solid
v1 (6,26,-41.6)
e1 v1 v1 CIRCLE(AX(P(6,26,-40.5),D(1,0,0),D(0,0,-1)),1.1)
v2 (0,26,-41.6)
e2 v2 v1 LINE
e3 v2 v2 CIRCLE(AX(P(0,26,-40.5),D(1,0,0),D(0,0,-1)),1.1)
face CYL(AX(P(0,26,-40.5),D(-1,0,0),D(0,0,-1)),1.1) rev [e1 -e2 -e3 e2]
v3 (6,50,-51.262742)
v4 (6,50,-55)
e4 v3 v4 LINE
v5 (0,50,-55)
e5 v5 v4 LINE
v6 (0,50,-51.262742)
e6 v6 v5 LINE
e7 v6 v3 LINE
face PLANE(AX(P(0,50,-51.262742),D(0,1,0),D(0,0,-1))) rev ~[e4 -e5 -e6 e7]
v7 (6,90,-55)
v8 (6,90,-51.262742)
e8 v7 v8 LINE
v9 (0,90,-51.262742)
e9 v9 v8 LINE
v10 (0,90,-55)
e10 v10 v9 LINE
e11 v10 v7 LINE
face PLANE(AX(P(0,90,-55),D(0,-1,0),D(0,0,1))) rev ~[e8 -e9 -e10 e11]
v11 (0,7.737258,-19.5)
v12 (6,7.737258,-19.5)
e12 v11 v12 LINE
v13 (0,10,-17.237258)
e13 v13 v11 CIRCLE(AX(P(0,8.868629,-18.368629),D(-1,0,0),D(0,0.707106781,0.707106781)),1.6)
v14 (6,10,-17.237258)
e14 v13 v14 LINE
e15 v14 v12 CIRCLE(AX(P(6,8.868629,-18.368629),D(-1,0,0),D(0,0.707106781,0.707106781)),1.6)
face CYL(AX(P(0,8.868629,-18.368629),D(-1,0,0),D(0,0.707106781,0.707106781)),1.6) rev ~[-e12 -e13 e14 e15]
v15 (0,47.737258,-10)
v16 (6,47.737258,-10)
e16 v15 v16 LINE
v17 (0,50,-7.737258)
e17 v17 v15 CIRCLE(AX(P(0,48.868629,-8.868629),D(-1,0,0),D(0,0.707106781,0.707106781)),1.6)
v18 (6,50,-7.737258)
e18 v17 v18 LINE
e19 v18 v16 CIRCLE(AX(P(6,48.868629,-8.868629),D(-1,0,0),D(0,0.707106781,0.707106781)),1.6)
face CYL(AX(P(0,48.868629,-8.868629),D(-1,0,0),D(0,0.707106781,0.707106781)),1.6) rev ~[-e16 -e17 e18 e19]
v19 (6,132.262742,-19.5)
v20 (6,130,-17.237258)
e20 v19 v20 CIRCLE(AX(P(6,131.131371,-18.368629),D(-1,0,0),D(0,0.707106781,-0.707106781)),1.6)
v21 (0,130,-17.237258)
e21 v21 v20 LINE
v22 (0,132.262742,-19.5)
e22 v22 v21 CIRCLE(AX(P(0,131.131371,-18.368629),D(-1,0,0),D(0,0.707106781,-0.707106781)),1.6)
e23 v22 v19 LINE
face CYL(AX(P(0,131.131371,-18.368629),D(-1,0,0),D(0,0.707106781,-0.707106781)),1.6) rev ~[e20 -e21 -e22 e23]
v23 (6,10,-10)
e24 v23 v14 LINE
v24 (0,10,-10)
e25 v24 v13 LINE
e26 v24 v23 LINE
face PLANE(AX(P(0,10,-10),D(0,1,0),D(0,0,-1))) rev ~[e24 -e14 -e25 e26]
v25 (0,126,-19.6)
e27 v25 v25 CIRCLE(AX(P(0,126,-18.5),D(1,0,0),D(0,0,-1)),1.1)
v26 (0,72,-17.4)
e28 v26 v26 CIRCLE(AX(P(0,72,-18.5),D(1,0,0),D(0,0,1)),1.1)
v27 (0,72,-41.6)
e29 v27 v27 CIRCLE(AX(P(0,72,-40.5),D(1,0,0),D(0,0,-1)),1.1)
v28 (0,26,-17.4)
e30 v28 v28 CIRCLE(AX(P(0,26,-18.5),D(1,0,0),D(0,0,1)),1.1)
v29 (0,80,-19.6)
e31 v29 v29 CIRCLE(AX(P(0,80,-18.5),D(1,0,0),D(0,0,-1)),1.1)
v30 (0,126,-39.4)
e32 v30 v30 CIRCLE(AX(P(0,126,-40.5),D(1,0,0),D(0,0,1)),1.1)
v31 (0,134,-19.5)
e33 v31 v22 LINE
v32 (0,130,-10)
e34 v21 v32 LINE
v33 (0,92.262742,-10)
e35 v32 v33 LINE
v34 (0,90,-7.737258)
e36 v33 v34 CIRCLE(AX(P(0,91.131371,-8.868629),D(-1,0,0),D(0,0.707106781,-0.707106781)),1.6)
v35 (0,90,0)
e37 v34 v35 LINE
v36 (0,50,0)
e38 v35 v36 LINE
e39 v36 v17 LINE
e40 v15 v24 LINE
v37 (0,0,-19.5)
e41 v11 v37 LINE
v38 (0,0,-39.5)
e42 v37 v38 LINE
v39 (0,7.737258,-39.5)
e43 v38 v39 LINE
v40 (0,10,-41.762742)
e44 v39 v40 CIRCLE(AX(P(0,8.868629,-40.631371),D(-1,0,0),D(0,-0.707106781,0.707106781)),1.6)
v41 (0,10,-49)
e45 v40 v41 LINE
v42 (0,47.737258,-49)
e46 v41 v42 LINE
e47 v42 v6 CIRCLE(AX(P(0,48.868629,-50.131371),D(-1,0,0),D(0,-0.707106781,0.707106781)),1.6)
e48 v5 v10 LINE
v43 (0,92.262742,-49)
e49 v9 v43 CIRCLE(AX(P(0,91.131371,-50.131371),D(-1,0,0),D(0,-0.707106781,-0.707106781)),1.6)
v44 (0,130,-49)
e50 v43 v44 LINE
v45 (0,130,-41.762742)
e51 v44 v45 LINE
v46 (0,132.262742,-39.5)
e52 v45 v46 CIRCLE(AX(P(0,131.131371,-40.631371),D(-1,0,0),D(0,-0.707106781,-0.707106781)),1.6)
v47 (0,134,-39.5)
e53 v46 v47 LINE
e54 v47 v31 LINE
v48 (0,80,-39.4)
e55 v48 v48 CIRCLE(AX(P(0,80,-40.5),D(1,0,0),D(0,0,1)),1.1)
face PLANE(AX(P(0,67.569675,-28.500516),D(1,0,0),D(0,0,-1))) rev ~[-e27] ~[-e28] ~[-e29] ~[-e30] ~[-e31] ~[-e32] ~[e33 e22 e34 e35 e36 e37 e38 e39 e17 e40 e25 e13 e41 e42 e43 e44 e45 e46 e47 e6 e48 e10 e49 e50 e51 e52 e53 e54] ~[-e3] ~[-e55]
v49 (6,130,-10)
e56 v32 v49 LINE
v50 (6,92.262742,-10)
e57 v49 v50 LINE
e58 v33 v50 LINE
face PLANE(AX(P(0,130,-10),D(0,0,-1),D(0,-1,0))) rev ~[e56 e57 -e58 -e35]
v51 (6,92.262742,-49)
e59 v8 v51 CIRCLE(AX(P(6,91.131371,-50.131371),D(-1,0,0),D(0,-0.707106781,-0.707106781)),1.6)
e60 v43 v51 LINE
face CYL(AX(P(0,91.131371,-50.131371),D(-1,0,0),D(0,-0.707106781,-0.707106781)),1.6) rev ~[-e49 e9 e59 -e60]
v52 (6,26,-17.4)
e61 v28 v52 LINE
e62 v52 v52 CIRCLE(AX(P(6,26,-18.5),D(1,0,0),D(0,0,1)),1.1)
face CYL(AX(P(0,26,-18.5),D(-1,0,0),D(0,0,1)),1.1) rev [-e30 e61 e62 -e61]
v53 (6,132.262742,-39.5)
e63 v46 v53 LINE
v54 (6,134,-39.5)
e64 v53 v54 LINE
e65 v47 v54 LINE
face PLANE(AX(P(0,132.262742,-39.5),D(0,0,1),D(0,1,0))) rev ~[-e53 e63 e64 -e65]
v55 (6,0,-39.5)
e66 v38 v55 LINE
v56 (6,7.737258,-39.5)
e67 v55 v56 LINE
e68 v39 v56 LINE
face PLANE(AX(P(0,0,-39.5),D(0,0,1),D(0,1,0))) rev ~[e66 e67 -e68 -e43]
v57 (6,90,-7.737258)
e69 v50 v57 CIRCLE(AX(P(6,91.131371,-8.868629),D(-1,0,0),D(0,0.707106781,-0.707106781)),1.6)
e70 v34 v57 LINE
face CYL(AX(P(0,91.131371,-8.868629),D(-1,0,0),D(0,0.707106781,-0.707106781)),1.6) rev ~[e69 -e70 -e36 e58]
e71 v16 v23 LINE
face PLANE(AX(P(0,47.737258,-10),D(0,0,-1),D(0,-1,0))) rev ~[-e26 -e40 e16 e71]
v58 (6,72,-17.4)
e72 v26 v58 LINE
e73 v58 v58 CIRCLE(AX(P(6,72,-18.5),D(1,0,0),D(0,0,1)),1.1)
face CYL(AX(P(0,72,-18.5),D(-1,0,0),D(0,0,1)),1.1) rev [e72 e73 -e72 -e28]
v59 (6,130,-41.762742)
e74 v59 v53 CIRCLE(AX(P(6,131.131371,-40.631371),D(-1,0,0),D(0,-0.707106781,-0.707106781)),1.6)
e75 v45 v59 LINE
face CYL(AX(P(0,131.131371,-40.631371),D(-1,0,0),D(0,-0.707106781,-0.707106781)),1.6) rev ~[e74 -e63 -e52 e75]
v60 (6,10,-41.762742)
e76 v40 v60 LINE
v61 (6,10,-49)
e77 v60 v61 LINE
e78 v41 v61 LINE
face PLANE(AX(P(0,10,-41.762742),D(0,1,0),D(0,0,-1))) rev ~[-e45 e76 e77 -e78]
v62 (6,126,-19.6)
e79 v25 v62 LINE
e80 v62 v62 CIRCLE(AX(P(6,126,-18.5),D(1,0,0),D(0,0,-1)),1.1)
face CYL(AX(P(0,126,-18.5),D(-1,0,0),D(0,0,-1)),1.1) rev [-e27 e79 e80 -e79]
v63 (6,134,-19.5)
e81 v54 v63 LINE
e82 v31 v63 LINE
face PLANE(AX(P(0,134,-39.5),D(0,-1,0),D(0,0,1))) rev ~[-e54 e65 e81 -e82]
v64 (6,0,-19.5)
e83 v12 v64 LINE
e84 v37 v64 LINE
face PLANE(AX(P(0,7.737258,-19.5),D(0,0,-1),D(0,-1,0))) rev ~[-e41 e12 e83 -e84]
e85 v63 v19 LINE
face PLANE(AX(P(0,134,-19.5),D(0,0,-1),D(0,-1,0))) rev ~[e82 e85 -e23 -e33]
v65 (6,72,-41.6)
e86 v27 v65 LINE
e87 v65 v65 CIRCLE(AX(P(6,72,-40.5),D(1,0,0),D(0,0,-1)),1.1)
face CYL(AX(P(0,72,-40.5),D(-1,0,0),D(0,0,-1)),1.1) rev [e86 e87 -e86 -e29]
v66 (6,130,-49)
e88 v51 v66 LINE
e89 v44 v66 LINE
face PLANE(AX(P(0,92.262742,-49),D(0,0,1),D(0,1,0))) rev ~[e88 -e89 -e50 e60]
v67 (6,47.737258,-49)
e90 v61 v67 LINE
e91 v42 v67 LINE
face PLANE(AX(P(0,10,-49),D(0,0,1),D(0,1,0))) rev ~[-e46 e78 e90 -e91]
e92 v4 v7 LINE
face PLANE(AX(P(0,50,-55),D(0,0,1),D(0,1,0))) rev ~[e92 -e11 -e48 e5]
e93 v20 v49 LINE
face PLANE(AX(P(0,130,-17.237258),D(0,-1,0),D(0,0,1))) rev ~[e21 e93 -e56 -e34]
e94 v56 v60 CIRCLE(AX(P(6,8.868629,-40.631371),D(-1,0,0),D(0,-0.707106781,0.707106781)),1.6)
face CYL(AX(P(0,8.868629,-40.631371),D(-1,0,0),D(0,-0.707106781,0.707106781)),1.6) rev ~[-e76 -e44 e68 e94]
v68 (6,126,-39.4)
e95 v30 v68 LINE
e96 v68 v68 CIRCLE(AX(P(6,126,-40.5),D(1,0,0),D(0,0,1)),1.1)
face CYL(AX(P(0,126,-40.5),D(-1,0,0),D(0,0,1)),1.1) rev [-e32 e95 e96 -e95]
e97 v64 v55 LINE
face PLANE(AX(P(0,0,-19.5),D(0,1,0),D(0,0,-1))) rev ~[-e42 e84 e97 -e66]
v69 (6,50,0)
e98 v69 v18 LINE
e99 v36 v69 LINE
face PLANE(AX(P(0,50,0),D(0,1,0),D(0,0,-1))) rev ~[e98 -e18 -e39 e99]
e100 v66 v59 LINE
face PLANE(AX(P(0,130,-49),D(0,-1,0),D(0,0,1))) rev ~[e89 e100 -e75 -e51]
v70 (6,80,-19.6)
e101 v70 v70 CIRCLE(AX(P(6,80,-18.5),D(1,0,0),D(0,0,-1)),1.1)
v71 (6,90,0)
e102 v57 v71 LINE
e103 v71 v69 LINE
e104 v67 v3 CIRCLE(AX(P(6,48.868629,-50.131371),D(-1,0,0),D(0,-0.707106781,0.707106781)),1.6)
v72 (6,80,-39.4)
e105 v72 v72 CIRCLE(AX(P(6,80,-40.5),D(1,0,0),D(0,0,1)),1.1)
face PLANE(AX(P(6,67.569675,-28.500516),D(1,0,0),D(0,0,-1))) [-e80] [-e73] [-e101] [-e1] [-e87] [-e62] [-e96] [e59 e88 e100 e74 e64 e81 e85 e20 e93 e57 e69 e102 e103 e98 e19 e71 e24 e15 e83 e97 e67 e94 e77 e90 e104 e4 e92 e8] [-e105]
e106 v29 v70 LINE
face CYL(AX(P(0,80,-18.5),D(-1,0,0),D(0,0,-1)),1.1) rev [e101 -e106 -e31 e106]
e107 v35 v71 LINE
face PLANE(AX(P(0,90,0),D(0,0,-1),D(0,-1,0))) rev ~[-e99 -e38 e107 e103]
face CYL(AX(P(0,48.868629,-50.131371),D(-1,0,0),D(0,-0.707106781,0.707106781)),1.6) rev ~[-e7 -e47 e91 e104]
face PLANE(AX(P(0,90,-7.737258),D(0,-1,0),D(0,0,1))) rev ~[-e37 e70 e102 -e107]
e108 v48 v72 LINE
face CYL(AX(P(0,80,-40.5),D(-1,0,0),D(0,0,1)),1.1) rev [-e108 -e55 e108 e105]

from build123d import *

# Parameters (mm, degrees)
ESQUISSE1_R      = 1.1
EXTRUSION1_DEPTH = 6


with BuildPart() as part:
    # Esquisse1 → Extrusion1 (new body)
    with BuildSketch(Plane(origin=(0, 0, 0), x_dir=(0, 0, -1), z_dir=(1, 0, 0))):
        with BuildLine():
            Line((19.5, 7.7372583), (19.5, 0))
            Line((19.5, 0), (39.5, 0))
            Line((39.5, 0), (39.5, 7.7372583))
            ThreePointArc((39.5, 7.7372583), (39.5, 10), (41.7627417, 10))
            Line((41.7627417, 10), (49, 10))
            Line((49, 10), (49, 47.7372583))
            ThreePointArc((49, 47.7372583), (49, 50), (51.2627417, 50))
            Line((51.2627417, 50), (55, 50))
            Line((55, 50), (55, 90))
            Line((55, 90), (51.2627417, 90))
            ThreePointArc((51.2627417, 90), (49, 90), (49, 92.2627417))
            Line((49, 92.2627417), (49, 130))
            Line((49, 130), (41.7627417, 130))
            ThreePointArc((41.7627417, 130), (39.5, 130), (39.5, 132.2627417))
            Line((39.5, 132.2627417), (39.5, 134))
            Line((39.5, 134), (19.5, 134))
            Line((19.5, 134), (19.5, 132.2627417))
            ThreePointArc((19.5, 132.2627417), (19.5, 130), (17.2372583, 130))
            Line((17.2372583, 130), (10, 130))
            Line((10, 130), (10, 92.2627417))
            ThreePointArc((10, 92.2627417), (10, 90), (7.7372583, 90))
            Line((7.7372583, 90), (0, 90))
            Line((0, 90), (0, 50))
            Line((0, 50), (7.7372583, 50))
            ThreePointArc((7.7372583, 50), (10, 50), (10, 47.7372583))
            Line((10, 47.7372583), (10, 10))
            Line((10, 10), (17.2372583, 10))
            ThreePointArc((17.2372583, 10), (19.5, 10), (19.5, 7.7372583))
        make_face()
        with Locations((18.5, 126)):
            Circle(ESQUISSE1_R, mode=Mode.SUBTRACT)
        with Locations((18.5, 80)):
            Circle(ESQUISSE1_R, mode=Mode.SUBTRACT)
        with Locations(Location((40.5, 126, 0), (0, 0, 180))):  # turned: the seam where the file's is
            Circle(ESQUISSE1_R, mode=Mode.SUBTRACT)
        with Locations(Location((40.5, 80, 0), (0, 0, 180))):  # turned: the seam where the file's is
            Circle(ESQUISSE1_R, mode=Mode.SUBTRACT)
        with Locations(Location((18.5, 72, 0), (0, 0, 180))):  # turned: the seam where the file's is
            Circle(ESQUISSE1_R, mode=Mode.SUBTRACT)
        with Locations((40.5, 72)):
            Circle(ESQUISSE1_R, mode=Mode.SUBTRACT)
        with Locations((40.5, 26)):
            Circle(ESQUISSE1_R, mode=Mode.SUBTRACT)
        with Locations(Location((18.5, 26, 0), (0, 0, 180))):  # turned: the seam where the file's is
            Circle(ESQUISSE1_R, mode=Mode.SUBTRACT)
    extrude(amount=EXTRUSION1_DEPTH)


solid = part.part
